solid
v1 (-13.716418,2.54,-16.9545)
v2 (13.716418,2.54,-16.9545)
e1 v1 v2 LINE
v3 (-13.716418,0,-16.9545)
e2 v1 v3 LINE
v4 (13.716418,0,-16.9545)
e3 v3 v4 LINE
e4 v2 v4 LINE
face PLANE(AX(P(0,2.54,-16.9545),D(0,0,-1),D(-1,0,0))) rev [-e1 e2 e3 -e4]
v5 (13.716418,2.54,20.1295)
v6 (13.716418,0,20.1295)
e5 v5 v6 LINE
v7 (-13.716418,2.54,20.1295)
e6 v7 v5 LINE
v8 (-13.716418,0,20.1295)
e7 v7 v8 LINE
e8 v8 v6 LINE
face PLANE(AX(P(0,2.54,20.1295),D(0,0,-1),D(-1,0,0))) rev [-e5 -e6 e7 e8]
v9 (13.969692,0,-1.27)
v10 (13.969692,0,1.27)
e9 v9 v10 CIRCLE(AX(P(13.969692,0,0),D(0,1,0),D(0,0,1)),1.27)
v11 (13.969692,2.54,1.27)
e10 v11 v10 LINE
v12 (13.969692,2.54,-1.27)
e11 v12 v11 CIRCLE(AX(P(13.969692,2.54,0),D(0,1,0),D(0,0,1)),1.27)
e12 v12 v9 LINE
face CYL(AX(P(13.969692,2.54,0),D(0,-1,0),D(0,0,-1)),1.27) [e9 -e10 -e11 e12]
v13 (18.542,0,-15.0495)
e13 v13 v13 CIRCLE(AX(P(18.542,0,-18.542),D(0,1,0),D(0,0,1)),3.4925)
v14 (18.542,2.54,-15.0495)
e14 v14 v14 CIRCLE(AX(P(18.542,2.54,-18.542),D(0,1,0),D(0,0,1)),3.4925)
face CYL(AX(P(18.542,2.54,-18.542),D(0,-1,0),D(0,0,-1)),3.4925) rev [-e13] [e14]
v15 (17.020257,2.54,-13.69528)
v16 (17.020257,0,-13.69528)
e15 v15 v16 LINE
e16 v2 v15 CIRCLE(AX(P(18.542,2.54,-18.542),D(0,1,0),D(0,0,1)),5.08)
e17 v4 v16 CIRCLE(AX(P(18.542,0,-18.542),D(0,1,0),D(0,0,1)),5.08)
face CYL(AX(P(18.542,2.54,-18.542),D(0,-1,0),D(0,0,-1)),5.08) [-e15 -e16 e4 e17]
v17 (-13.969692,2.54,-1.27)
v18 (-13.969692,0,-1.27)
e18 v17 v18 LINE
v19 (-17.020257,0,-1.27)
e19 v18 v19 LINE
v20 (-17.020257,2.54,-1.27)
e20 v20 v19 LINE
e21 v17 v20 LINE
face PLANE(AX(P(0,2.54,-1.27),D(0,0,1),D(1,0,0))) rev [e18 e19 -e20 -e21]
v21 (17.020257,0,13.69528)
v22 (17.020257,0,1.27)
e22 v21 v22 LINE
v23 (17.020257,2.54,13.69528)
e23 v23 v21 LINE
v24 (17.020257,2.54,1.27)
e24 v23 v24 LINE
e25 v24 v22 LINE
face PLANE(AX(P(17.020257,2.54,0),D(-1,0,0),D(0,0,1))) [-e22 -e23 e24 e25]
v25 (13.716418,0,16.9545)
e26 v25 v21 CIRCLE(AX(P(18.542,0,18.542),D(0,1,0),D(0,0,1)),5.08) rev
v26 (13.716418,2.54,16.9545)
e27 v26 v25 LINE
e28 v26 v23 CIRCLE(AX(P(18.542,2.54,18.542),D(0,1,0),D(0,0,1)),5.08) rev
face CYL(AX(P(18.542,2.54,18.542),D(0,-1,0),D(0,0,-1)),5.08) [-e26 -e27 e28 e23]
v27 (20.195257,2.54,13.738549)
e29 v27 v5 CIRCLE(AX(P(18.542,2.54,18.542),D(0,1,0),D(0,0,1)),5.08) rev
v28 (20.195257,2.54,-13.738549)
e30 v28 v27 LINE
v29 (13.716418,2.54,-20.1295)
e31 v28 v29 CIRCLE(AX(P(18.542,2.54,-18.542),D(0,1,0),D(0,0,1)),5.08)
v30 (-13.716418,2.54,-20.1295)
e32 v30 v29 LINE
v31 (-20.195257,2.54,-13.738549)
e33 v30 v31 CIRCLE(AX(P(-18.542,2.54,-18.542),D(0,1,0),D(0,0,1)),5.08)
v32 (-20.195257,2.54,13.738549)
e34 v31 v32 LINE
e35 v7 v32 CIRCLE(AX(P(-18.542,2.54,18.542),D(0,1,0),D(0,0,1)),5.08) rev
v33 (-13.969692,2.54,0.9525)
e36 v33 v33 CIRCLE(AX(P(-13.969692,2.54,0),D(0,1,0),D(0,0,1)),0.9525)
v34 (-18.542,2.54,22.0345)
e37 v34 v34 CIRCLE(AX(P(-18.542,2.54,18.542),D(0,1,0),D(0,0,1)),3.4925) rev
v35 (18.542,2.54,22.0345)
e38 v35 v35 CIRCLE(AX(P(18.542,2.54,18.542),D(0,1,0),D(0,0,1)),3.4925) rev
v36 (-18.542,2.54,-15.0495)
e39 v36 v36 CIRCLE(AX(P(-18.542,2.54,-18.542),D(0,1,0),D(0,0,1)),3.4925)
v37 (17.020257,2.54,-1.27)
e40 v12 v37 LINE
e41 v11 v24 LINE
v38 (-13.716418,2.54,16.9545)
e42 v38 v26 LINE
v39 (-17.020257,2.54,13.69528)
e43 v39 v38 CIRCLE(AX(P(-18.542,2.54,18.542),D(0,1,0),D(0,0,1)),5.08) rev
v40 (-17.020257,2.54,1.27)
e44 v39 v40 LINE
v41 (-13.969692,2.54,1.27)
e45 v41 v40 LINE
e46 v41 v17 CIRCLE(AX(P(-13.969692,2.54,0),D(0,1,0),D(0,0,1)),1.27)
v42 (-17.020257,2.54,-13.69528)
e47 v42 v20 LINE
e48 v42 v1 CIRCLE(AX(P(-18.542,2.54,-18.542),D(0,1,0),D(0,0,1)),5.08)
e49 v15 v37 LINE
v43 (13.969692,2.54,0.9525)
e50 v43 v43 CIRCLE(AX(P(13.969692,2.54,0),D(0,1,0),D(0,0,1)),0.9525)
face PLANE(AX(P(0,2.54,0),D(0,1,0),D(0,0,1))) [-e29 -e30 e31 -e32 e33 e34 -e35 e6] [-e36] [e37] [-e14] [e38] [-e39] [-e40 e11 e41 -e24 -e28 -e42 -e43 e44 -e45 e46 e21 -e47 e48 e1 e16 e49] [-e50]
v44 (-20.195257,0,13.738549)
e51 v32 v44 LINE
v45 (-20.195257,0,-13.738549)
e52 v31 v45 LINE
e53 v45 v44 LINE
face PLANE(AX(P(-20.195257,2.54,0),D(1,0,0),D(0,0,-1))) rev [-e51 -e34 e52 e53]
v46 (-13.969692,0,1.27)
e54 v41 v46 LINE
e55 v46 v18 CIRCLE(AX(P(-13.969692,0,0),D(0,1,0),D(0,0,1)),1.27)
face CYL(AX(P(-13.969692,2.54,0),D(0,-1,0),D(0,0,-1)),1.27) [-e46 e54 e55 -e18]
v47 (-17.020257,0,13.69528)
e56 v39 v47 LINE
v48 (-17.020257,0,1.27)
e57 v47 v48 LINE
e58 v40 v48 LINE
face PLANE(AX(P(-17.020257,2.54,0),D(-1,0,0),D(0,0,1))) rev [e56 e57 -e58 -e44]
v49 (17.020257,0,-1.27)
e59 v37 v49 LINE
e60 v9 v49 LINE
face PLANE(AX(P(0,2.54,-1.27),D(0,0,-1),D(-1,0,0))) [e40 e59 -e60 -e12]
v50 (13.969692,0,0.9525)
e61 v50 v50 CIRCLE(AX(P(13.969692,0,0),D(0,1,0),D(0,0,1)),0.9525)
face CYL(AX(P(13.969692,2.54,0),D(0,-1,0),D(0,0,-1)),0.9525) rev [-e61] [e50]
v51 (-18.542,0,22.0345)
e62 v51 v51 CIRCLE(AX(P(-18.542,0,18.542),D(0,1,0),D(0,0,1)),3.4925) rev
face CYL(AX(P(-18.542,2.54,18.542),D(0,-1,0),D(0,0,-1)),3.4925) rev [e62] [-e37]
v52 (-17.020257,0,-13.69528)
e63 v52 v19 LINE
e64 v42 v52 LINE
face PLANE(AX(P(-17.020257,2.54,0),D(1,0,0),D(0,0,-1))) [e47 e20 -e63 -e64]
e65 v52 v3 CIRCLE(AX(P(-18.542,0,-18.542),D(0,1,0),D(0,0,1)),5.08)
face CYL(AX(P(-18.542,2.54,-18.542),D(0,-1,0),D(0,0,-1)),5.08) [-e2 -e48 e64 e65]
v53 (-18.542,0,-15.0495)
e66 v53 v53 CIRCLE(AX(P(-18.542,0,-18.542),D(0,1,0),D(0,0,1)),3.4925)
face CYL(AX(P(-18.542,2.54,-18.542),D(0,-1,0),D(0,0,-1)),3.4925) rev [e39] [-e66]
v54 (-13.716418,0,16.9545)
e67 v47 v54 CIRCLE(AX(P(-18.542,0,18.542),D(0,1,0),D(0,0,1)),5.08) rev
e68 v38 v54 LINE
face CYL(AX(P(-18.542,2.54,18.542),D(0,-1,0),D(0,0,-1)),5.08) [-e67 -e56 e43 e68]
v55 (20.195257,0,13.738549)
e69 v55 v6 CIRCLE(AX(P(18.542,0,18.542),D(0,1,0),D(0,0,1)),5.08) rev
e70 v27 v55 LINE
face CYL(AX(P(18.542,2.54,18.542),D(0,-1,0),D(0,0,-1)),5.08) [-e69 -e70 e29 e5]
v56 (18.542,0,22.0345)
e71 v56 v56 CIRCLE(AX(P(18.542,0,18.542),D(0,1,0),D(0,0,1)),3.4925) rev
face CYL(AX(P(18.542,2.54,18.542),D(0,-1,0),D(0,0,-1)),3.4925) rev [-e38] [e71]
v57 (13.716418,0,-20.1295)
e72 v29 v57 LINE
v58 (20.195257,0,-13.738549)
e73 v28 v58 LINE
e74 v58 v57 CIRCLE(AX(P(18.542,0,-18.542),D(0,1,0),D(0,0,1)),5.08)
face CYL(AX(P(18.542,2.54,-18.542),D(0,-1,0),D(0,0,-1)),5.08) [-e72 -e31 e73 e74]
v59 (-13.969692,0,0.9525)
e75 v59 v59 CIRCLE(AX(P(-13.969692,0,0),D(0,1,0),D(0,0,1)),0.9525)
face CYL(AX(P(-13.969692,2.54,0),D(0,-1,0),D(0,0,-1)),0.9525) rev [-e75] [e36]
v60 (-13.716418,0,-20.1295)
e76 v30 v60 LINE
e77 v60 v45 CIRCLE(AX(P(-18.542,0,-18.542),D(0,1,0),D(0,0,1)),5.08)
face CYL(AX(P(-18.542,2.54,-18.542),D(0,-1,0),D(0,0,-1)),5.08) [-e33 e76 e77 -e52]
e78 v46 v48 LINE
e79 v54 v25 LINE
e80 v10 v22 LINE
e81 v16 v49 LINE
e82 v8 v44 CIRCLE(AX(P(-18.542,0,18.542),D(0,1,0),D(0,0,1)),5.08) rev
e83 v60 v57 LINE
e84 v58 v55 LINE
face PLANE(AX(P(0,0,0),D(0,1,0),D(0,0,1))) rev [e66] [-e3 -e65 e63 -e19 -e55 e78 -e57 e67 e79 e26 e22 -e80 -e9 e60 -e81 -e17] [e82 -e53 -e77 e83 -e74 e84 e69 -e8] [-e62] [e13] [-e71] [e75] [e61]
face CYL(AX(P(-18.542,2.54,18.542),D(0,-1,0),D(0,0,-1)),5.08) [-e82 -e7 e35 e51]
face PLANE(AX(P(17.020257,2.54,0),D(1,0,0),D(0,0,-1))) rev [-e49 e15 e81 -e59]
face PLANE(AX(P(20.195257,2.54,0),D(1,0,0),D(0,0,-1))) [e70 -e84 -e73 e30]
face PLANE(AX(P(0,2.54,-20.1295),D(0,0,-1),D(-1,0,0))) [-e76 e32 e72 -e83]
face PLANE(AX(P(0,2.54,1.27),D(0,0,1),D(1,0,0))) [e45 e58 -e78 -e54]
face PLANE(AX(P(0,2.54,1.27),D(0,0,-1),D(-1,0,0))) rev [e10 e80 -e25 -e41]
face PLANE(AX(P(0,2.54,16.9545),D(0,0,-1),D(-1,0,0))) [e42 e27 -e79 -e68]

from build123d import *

# Parameters (mm, degrees)
SKETCH1_R           = 3.4925
SKETCH1_R_2         = 0.9525
BOSS_EXTRUDE1_DEPTH = 2.54


with BuildPart() as part:
    # Sketch1 → Boss-Extrude1 (new body)
    with BuildSketch(Plane(origin=(0, 0, 0), x_dir=(1, 0, 0), z_dir=(0, 1, 0))):
        with BuildLine():
            Line((-20.195257301, 13.738549126), (-20.195257301, -13.738549126))
            ThreePointArc((-20.195257301, -13.738549126), (-22.109488558, -22.158548823), (-13.716417781, -20.1295))
            Line((-13.716417781, -20.1295), (13.716417781, -20.1295))
            ThreePointArc((13.716417781, -20.1295), (22.109488558, -22.158548823), (20.195257301, -13.738549126))
            Line((20.195257301, -13.738549126), (20.195257301, 13.738549126))
            ThreePointArc((20.195257301, 13.738549126), (22.109488558, 22.158548823), (13.716417781, 20.1295))
            Line((13.716417781, 20.1295), (-13.716417781, 20.1295))
            ThreePointArc((-13.716417781, 20.1295), (-22.109488558, 22.158548823), (-20.195257301, 13.738549126))
        make_face()
        with Locations(Location((18.542, -18.542, 0), (0, 0, 270))):
            Circle(SKETCH1_R, mode=Mode.SUBTRACT)
        with Locations(Location((-18.542, -18.542, 0), (0, 0, 270))):
            Circle(SKETCH1_R, mode=Mode.SUBTRACT)
        with Locations(Location((-18.542, 18.542, 0), (0, 0, 270))):
            Circle(SKETCH1_R, mode=Mode.SUBTRACT)
        with Locations(Location((18.542, 18.542, 0), (0, 0, 270))):
            Circle(SKETCH1_R, mode=Mode.SUBTRACT)
        with Locations(Location((-13.969691774, 0, 0), (0, 0, 270))):
            Circle(SKETCH1_R_2, mode=Mode.SUBTRACT)
        with Locations(Location((13.969691774, 0, 0), (0, 0, 270))):
            Circle(SKETCH1_R_2, mode=Mode.SUBTRACT)
        with BuildLine():
            Line((-17.020257301, 13.695279546), (-17.020257301, 1.27))
            Line((-17.020257301, 1.27), (-13.969691774, 1.27))
            ThreePointArc((-13.969691774, 1.27), (-12.699691774, 0), (-13.969691774, -1.27))
            Line((-13.969691774, -1.27), (-17.020257301, -1.27))
            Line((-17.020257301, -1.27), (-17.020257301, -13.695279546))
            ThreePointArc((-17.020257301, -13.695279546), (-14.974400962, -14.925560161), (-13.716417781, -16.9545))
            Line((-13.716417781, -16.9545), (13.716417781, -16.9545))
            ThreePointArc((13.716417781, -16.9545), (14.974400962, -14.925560161), (17.020257301, -13.695279546))
            Line((17.020257301, -13.695279546), (17.020257301, -1.27))
            Line((17.020257301, -1.27), (13.969691774, -1.27))
            ThreePointArc((13.969691774, -1.27), (12.699691774, 0), (13.969691774, 1.27))
            Line((13.969691774, 1.27), (17.020257301, 1.27))
            Line((17.020257301, 1.27), (17.020257301, 13.695279546))
            ThreePointArc((17.020257301, 13.695279546), (14.974400962, 14.925560161), (13.716417781, 16.9545))
            Line((13.716417781, 16.9545), (-13.716417781, 16.9545))
            ThreePointArc((-13.716417781, 16.9545), (-14.974400962, 14.925560161), (-17.020257301, 13.695279546))
        make_face(mode=Mode.SUBTRACT)
    extrude(amount=BOSS_EXTRUDE1_DEPTH)


solid = part.part
